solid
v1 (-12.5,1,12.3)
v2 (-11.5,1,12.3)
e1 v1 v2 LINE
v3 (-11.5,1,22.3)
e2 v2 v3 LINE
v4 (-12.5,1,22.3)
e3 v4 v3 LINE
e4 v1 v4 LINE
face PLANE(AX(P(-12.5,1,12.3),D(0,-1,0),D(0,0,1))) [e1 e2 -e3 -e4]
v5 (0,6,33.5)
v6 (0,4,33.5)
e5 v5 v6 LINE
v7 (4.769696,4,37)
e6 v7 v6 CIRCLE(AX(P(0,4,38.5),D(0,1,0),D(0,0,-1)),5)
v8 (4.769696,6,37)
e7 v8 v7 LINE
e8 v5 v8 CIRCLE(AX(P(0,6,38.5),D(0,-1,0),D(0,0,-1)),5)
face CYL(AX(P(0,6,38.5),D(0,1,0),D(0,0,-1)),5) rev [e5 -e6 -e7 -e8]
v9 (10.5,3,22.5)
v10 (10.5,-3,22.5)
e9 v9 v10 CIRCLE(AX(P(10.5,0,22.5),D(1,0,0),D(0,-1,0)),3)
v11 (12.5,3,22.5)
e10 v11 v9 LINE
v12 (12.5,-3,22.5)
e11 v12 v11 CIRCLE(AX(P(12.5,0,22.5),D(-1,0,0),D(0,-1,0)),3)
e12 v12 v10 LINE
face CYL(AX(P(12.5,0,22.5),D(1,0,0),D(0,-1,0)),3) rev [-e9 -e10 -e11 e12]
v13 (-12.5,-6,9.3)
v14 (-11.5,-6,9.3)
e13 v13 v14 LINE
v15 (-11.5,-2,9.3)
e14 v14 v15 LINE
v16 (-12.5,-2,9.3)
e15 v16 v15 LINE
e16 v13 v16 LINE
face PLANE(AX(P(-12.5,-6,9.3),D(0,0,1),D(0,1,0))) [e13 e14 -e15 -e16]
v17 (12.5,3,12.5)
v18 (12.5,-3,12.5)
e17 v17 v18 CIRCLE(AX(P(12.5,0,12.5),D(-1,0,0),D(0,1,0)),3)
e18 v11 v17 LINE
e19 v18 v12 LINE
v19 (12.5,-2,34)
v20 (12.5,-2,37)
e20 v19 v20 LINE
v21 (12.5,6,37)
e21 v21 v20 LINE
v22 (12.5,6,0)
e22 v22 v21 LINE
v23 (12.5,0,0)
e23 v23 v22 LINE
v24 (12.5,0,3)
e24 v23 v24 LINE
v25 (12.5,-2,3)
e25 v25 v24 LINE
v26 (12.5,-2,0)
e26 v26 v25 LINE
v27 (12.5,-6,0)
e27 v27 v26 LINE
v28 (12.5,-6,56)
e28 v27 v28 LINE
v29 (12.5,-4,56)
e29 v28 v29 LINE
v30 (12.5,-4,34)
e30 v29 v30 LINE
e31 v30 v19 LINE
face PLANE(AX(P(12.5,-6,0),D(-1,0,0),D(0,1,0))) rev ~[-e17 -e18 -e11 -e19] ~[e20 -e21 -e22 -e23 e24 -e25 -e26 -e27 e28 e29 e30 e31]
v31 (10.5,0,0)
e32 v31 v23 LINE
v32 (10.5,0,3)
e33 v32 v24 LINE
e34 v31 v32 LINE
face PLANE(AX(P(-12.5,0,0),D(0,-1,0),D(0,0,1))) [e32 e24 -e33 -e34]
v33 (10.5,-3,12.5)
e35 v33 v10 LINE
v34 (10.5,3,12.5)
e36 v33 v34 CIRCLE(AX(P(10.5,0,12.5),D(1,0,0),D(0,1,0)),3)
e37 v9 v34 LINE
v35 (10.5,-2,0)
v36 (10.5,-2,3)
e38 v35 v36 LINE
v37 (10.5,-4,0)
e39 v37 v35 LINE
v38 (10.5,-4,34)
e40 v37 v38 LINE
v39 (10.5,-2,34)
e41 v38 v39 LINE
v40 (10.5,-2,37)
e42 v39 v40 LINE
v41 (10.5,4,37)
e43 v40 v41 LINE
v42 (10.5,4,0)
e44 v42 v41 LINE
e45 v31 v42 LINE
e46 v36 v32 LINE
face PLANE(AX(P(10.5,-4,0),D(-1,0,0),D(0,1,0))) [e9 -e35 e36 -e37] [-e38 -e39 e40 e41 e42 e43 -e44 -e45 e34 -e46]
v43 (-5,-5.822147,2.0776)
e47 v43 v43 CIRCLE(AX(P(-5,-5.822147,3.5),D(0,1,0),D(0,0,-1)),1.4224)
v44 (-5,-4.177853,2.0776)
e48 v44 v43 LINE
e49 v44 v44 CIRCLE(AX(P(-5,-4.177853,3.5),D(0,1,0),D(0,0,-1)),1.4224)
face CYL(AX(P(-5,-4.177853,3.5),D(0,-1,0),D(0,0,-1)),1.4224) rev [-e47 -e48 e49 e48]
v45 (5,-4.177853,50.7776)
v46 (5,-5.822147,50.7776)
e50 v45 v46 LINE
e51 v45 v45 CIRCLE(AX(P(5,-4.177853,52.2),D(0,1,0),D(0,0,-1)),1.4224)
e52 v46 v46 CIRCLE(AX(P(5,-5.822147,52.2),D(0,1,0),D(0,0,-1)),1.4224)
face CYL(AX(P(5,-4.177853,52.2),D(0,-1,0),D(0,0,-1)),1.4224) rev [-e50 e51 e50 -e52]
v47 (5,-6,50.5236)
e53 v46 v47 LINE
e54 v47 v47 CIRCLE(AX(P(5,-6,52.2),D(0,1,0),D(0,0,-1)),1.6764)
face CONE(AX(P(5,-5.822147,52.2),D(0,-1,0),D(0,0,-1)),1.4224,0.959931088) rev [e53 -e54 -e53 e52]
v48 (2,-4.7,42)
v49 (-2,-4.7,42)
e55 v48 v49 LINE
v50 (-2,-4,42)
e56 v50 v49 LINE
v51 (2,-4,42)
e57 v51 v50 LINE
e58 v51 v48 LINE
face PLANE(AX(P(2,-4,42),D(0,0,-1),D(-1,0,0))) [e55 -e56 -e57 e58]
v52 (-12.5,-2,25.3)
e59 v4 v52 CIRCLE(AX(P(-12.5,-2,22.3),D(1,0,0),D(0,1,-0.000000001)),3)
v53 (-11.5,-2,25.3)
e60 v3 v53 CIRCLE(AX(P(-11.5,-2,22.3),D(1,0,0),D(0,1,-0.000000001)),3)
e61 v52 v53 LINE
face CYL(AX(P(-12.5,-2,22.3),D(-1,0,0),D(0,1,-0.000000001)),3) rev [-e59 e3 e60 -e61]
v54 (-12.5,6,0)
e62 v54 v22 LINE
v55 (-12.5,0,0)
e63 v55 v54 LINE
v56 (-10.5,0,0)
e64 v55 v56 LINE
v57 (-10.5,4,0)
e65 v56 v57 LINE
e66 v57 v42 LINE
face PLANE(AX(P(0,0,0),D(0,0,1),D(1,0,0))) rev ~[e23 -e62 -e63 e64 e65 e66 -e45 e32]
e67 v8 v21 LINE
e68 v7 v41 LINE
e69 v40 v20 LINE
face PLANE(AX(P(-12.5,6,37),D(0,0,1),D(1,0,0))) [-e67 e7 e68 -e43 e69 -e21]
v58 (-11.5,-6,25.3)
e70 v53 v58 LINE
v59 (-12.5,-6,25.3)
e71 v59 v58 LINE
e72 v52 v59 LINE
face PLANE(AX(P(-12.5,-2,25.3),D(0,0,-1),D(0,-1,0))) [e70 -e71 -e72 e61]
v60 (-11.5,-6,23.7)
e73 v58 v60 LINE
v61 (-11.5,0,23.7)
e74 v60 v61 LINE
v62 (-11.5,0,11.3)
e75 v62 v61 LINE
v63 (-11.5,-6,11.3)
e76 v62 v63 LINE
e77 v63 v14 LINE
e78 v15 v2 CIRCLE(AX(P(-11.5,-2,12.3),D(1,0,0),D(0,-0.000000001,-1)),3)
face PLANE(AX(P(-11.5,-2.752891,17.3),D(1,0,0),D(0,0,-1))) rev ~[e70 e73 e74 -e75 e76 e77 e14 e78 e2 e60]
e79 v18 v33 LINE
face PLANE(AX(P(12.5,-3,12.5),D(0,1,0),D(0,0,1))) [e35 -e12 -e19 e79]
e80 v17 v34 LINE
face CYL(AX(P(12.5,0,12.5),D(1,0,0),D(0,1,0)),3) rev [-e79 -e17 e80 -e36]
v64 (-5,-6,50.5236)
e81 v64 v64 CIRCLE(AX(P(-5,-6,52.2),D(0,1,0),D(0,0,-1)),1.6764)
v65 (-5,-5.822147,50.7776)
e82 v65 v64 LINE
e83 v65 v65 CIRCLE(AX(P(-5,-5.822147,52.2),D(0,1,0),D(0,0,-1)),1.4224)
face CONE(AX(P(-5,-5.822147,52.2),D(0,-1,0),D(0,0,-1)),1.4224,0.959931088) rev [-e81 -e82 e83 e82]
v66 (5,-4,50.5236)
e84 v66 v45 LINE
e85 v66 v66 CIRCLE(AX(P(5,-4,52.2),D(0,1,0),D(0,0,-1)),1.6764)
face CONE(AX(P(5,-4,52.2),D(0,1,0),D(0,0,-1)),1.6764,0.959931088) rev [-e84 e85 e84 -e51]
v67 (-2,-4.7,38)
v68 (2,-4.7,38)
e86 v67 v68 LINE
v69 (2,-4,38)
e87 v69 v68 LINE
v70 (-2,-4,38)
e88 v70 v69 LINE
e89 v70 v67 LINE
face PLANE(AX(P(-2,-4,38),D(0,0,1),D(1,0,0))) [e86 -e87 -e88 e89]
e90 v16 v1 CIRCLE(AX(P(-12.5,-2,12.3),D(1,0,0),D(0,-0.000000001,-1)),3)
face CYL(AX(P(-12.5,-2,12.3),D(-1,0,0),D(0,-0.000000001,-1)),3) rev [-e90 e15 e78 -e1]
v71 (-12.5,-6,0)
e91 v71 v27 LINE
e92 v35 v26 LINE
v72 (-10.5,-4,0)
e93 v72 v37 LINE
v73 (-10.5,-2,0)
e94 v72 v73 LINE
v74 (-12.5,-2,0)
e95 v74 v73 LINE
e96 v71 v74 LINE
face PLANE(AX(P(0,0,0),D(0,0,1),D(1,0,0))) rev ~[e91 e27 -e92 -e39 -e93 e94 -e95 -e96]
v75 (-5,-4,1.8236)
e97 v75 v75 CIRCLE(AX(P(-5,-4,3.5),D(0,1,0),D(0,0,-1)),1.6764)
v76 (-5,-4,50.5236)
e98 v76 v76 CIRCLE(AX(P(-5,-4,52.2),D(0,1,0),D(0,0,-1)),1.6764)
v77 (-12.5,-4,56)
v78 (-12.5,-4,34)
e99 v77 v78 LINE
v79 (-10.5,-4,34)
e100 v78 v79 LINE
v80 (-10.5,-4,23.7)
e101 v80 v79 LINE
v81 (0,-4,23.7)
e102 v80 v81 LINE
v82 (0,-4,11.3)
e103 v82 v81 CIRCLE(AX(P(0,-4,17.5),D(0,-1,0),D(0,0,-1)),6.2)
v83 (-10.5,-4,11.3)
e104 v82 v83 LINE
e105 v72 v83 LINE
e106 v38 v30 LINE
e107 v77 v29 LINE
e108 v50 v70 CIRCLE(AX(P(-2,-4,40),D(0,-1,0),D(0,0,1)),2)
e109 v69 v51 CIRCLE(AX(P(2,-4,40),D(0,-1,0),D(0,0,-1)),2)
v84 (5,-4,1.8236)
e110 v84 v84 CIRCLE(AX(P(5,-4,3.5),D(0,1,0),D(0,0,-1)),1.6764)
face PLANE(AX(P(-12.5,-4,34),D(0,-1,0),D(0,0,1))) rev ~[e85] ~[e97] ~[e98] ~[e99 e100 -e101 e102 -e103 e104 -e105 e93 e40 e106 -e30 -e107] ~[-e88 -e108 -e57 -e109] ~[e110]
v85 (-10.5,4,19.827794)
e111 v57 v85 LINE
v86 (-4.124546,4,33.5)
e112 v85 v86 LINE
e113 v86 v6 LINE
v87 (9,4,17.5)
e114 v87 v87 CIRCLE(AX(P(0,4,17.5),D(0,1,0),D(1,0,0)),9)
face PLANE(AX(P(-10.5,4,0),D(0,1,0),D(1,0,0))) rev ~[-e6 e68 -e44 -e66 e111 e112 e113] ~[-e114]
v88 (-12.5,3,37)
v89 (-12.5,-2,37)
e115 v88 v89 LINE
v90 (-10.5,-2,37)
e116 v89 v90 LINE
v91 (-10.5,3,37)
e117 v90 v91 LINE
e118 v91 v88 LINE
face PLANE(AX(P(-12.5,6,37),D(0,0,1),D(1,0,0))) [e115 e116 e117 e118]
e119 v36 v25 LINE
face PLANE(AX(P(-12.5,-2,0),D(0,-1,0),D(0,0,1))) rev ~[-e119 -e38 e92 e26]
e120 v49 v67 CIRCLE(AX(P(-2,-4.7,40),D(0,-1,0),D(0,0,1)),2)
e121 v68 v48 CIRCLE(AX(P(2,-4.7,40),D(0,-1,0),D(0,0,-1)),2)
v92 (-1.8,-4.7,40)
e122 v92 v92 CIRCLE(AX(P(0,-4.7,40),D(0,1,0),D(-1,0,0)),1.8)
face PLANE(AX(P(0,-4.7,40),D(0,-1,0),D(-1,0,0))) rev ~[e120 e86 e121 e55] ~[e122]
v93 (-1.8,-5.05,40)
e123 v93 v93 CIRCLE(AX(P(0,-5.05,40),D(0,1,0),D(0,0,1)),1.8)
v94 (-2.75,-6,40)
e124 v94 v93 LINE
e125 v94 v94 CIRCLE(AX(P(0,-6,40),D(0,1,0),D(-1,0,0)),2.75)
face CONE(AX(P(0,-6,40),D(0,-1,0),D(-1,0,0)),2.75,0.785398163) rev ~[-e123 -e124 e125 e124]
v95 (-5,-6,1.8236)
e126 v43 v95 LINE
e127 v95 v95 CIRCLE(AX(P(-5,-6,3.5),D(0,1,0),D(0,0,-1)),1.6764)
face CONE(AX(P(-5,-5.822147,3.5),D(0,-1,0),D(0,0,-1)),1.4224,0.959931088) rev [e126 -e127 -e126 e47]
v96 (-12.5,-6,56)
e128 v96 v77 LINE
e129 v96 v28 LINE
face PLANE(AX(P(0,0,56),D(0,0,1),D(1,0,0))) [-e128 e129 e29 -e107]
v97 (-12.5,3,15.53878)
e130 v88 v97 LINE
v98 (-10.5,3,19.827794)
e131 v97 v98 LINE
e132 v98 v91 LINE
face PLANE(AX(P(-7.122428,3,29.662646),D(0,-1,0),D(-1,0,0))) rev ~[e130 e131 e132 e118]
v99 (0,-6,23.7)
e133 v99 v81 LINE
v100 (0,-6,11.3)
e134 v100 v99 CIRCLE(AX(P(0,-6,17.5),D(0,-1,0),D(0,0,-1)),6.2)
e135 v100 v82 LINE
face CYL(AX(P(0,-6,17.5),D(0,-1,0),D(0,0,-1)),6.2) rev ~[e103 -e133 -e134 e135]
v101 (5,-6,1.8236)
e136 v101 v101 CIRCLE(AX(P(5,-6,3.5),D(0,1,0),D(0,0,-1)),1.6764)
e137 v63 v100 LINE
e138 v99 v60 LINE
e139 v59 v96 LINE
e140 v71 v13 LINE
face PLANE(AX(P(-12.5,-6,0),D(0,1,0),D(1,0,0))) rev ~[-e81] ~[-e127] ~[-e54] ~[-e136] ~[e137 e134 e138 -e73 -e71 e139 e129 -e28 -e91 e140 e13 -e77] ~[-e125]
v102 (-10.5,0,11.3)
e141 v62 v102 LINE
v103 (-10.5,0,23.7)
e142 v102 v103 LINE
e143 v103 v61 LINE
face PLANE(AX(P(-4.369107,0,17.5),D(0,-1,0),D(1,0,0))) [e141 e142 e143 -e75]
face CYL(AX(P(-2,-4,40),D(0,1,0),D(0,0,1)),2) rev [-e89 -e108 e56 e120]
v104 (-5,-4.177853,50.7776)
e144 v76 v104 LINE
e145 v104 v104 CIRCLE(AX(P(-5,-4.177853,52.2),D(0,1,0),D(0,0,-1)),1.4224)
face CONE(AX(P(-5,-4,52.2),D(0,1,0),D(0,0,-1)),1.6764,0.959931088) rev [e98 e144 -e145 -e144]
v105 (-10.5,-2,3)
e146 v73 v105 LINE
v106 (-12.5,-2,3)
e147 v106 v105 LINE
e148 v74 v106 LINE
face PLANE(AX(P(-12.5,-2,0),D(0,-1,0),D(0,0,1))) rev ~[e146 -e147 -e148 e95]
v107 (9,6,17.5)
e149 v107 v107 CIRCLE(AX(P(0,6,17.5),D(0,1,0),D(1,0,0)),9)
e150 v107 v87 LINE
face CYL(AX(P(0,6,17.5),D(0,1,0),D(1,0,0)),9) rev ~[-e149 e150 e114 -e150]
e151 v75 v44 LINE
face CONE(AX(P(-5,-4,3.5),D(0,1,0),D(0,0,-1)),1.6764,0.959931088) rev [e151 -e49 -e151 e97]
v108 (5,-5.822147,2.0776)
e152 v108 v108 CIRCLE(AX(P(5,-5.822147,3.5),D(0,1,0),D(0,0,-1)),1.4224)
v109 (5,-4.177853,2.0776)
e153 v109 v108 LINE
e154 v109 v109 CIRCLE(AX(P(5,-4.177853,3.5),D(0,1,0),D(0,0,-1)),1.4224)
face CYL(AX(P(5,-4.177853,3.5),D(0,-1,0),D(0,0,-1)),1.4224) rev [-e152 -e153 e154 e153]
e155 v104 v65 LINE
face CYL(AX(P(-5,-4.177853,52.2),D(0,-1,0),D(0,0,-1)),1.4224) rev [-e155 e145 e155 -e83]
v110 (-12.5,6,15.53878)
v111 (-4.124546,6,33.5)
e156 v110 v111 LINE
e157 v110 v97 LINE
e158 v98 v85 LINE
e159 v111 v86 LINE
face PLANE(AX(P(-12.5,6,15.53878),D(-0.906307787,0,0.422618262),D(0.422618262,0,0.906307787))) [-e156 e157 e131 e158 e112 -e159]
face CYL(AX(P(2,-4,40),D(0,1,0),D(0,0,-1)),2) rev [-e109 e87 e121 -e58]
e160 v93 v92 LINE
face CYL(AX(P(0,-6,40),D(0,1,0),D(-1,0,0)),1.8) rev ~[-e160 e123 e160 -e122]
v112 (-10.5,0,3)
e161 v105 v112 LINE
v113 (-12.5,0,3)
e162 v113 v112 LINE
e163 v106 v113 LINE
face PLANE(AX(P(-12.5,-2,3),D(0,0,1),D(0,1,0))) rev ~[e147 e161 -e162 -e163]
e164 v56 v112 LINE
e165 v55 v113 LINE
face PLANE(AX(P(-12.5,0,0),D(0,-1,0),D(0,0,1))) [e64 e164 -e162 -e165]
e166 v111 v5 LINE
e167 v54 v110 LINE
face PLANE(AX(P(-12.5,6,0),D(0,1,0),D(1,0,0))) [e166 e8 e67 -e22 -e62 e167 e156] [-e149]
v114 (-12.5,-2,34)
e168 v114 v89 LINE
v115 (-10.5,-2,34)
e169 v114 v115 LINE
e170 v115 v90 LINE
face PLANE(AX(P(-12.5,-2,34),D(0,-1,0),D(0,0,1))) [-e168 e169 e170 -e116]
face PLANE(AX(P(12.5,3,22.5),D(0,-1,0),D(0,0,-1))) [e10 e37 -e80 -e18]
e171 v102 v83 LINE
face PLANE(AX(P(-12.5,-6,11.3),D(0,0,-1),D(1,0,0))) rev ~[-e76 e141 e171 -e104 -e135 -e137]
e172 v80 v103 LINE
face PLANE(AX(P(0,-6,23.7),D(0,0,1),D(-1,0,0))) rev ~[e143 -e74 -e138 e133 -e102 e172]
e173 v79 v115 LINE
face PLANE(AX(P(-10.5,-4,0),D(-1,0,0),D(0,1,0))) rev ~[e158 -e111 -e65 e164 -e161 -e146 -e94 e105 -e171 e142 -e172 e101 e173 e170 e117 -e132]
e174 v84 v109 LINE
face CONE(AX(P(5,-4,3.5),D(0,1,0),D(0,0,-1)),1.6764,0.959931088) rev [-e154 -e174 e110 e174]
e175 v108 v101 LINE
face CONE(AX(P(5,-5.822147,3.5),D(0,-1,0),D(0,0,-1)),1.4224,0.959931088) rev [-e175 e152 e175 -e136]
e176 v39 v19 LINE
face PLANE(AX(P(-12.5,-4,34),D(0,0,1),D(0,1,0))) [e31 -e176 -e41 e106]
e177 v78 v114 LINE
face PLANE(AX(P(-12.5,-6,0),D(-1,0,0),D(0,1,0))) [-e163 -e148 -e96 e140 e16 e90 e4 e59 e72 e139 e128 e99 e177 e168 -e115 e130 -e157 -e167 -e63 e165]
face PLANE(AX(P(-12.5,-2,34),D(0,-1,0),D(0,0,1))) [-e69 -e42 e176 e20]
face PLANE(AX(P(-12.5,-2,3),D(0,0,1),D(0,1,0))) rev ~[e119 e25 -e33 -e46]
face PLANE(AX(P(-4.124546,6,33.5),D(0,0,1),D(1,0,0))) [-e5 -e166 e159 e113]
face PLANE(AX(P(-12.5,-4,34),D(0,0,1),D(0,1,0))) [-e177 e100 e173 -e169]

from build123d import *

# Parameters (mm, degrees)
SKETCH_1_W                    = 25
SKETCH_1_H                    = 12
SKETCH_1_W_2                  = 21
SKETCH_1_H_2                  = 8
EXTRUDE_1_DEPTH               = 56
CUT_EXTRUDE_1_REACH           = 14
SKETCH_2_R                    = 9
HOLE_WIZARD_4_40_1_AT_2_COUNT = 2
HOLE_WIZARD_4_40_1_AT_2_PITCH = 48.7
HOLE_WIZARD_4_40_1_AT_3_COUNT = 2
HOLE_WIZARD_4_40_1_AT_3_PITCH = 49.716093974
HOLE_WIZARD_4_40_1_AT_4_COUNT = 2
HOLE_WIZARD_4_40_1_AT_4_PITCH = 10
CUT_EXTRUDE_2_DEPTH           = 6
CUT_EXTRUDE_4_DEPTH           = 1
SKETCH_9_W                    = 25
SKETCH_9_H                    = 19
CUT_EXTRUDE_7_DEPTH           = 10
CUT_EXTRUDE_8_REACH           = 27
CUT_EXTRUDE_9_DEPTH           = 3
SKETCH_15_W                   = 3
SKETCH_15_H                   = 2
CUT_EXTRUDE_10_DEPTH          = 26
HOLE_WIZARD_M31_D             = 3.6
HOLE_WIZARD_M31_CSINK_D       = 5.5
HOLE_WIZARD_M31_CSINK_ANGLE   = 90
CUT_EXTRUDE_11_DEPTH          = 0.7


with BuildPart() as part:
    # Sketch 1 → Extrude 1 (new body)
    with BuildSketch(Plane.XY):
        Rectangle(SKETCH_1_W, SKETCH_1_H)
        Rectangle(SKETCH_1_W_2, SKETCH_1_H_2, mode=Mode.SUBTRACT)
    extrude(amount=EXTRUDE_1_DEPTH)

    # Sketch 2 → Cut-Extrude 1 (cut, up to next)
    with BuildSketch(Plane(origin=(0, 6, 0), x_dir=(1, 0, 0), z_dir=(0, 1, 0)), mode=Mode.PRIVATE) as cut_extrude_1_sk1:
        with Locations((0, -17.5)):
            Circle(SKETCH_2_R)
    cut_extrude_1_tool1 = extrude(cut_extrude_1_sk1.sketch, amount=-CUT_EXTRUDE_1_REACH, mode=Mode.PRIVATE) & part.part
    add(cut_extrude_1_tool1.solids().sort_by_distance((0, 6, 17.5))[0], mode=Mode.SUBTRACT)

    # Sketch 3 → Hole Wizard 4-40 - 1 (revolve, cut)
    with BuildSketch(Plane(origin=(5, -6, 52.2), x_dir=(0, 0, -1), z_dir=(1, 0, 0))):
        Polygon((0, 0), (0, 2), (1.6764, 2), (1.4224, 1.822147285), (1.4224, 0.177852715), (1.6764, 0), align=None)
    hole_wizard_4_40_1 = revolve(axis=Axis((5, -12.35, 52.2), (0, 1, 0)), mode=Mode.SUBTRACT)

    # Hole Wizard 4-40 - 1 at 2: Hole Wizard 4-40 - 1 ×2
    with Locations(*[(0, 0, -i * HOLE_WIZARD_4_40_1_AT_2_PITCH) for i in range(1, HOLE_WIZARD_4_40_1_AT_2_COUNT)]):
        add(hole_wizard_4_40_1, mode=Mode.SUBTRACT)

    # Hole Wizard 4-40 - 1 at 3: Hole Wizard 4-40 - 1 ×2
    with Locations(*[Vector(-0.201142109, 0, -0.979562072) * (i * HOLE_WIZARD_4_40_1_AT_3_PITCH) for i in range(1, HOLE_WIZARD_4_40_1_AT_3_COUNT)]):
        add(hole_wizard_4_40_1, mode=Mode.SUBTRACT)

    # Hole Wizard 4-40 - 1 at 4: Hole Wizard 4-40 - 1 ×2
    with Locations(*[(-i * HOLE_WIZARD_4_40_1_AT_4_PITCH, 0, 0) for i in range(1, HOLE_WIZARD_4_40_1_AT_4_COUNT)]):
        add(hole_wizard_4_40_1, mode=Mode.SUBTRACT)

    # Sketch 5 → Cut-Extrude 2 (cut)
    with BuildSketch(Plane.XZ.offset(6)):
        with BuildLine():
            Line((-12.5, 23.7), (-12.5, 11.3))
            Line((-12.5, 11.3), (0, 11.3))
            ThreePointArc((0, 11.3), (6.2, 17.5), (0, 23.7))
            Line((0, 23.7), (-12.5, 23.7))
        make_face()
    extrude(amount=-CUT_EXTRUDE_2_DEPTH, mode=Mode.SUBTRACT)

    # Sketch 8 → Cut-Extrude 4 (cut)
    with BuildSketch(Plane.ZY.offset(12.5)):
        with BuildLine():
            Line((9.3, -6), (9.3, -2))
            ThreePointArc((9.3, -2), (10.178679656, 0.121320344), (12.3, 1))
            Line((12.3, 1), (22.3, 1))
            ThreePointArc((22.3, 1), (24.421320344, 0.121320344), (25.3, -2))
            Line((25.3, -2), (25.3, -6))
            Line((25.3, -6), (9.3, -6))
        make_face()
    extrude(amount=-CUT_EXTRUDE_4_DEPTH, mode=Mode.SUBTRACT)

    # Sketch 9 → Cut-Extrude 7 (cut)
    with BuildSketch(Plane(origin=(0, 6, 0), x_dir=(1, 0, 0), z_dir=(0, 1, 0))):
        with Locations((0, -46.5)):
            Rectangle(SKETCH_9_W, SKETCH_9_H)
    extrude(amount=-CUT_EXTRUDE_7_DEPTH, mode=Mode.SUBTRACT)

    # Sketch 13 → Cut-Extrude 8 (cut, up to next)
    with BuildSketch(Plane(origin=(12.5, 0, 0), x_dir=(0, 0, -1), z_dir=(1, 0, 0)), mode=Mode.PRIVATE) as cut_extrude_8_sk1:
        with BuildLine():
            Line((-22.5, 3), (-12.5, 3))
            ThreePointArc((-12.5, 3), (-9.5, 0), (-12.5, -3))
            Line((-12.5, -3), (-22.5, -3))
            ThreePointArc((-22.5, -3), (-25.5, 0), (-22.5, 3))
        make_face()
    cut_extrude_8_tool1 = extrude(cut_extrude_8_sk1.sketch, amount=-CUT_EXTRUDE_8_REACH, mode=Mode.PRIVATE) & part.part
    add(cut_extrude_8_tool1.solids().sort_by_distance((12.5, 0, 17.5))[0], mode=Mode.SUBTRACT)

    # Sketch 14 → Cut-Extrude 9 (cut)
    with BuildSketch(Plane(origin=(0, 6, 0), x_dir=(1, 0, 0), z_dir=(0, 1, 0))):
        with BuildLine():
            Line((-4.124545619, -33.5), (0, -33.5))
            ThreePointArc((0, -33.5), (2.958039892, -34.468871126), (4.769696007, -37))
            Line((4.769696007, -37), (-12.5, -37))
            Line((-12.5, -37), (-12.5, -15.538780117))
            Line((-12.5, -15.538780117), (-4.124545619, -33.5))
        make_face()
    extrude(amount=-CUT_EXTRUDE_9_DEPTH, mode=Mode.SUBTRACT)

    # Sketch 15 → Cut-Extrude 10 (cut, through all)
    with BuildSketch(Plane.ZY.offset(12.5)):
        with Locations((35.5, -3)):
            Rectangle(SKETCH_15_W, SKETCH_15_H)
        with Locations((1.5, -1)):
            Rectangle(SKETCH_15_W, SKETCH_15_H)
    extrude(amount=-CUT_EXTRUDE_10_DEPTH, mode=Mode.SUBTRACT)

    # Hole Wizard M31 (through all)
    with Locations(Plane.XZ.offset(6)):
        with Locations((0, 40)):
            CounterSinkHole(HOLE_WIZARD_M31_D / 2, HOLE_WIZARD_M31_CSINK_D / 2, counter_sink_angle=HOLE_WIZARD_M31_CSINK_ANGLE)

    # Sketch 18 → Cut-Extrude 11 (cut)
    with BuildSketch(Plane(origin=(0, -4, 0), x_dir=(1, 0, 0), z_dir=(0, 1, 0))):
        with BuildLine():
            Line((-2, -38), (2, -38))
            ThreePointArc((2, -38), (4, -40), (2, -42))
            Line((2, -42), (-2, -42))
            ThreePointArc((-2, -42), (-4, -40), (-2, -38))
        make_face()
    extrude(amount=-CUT_EXTRUDE_11_DEPTH, mode=Mode.SUBTRACT)


solid = part.part
